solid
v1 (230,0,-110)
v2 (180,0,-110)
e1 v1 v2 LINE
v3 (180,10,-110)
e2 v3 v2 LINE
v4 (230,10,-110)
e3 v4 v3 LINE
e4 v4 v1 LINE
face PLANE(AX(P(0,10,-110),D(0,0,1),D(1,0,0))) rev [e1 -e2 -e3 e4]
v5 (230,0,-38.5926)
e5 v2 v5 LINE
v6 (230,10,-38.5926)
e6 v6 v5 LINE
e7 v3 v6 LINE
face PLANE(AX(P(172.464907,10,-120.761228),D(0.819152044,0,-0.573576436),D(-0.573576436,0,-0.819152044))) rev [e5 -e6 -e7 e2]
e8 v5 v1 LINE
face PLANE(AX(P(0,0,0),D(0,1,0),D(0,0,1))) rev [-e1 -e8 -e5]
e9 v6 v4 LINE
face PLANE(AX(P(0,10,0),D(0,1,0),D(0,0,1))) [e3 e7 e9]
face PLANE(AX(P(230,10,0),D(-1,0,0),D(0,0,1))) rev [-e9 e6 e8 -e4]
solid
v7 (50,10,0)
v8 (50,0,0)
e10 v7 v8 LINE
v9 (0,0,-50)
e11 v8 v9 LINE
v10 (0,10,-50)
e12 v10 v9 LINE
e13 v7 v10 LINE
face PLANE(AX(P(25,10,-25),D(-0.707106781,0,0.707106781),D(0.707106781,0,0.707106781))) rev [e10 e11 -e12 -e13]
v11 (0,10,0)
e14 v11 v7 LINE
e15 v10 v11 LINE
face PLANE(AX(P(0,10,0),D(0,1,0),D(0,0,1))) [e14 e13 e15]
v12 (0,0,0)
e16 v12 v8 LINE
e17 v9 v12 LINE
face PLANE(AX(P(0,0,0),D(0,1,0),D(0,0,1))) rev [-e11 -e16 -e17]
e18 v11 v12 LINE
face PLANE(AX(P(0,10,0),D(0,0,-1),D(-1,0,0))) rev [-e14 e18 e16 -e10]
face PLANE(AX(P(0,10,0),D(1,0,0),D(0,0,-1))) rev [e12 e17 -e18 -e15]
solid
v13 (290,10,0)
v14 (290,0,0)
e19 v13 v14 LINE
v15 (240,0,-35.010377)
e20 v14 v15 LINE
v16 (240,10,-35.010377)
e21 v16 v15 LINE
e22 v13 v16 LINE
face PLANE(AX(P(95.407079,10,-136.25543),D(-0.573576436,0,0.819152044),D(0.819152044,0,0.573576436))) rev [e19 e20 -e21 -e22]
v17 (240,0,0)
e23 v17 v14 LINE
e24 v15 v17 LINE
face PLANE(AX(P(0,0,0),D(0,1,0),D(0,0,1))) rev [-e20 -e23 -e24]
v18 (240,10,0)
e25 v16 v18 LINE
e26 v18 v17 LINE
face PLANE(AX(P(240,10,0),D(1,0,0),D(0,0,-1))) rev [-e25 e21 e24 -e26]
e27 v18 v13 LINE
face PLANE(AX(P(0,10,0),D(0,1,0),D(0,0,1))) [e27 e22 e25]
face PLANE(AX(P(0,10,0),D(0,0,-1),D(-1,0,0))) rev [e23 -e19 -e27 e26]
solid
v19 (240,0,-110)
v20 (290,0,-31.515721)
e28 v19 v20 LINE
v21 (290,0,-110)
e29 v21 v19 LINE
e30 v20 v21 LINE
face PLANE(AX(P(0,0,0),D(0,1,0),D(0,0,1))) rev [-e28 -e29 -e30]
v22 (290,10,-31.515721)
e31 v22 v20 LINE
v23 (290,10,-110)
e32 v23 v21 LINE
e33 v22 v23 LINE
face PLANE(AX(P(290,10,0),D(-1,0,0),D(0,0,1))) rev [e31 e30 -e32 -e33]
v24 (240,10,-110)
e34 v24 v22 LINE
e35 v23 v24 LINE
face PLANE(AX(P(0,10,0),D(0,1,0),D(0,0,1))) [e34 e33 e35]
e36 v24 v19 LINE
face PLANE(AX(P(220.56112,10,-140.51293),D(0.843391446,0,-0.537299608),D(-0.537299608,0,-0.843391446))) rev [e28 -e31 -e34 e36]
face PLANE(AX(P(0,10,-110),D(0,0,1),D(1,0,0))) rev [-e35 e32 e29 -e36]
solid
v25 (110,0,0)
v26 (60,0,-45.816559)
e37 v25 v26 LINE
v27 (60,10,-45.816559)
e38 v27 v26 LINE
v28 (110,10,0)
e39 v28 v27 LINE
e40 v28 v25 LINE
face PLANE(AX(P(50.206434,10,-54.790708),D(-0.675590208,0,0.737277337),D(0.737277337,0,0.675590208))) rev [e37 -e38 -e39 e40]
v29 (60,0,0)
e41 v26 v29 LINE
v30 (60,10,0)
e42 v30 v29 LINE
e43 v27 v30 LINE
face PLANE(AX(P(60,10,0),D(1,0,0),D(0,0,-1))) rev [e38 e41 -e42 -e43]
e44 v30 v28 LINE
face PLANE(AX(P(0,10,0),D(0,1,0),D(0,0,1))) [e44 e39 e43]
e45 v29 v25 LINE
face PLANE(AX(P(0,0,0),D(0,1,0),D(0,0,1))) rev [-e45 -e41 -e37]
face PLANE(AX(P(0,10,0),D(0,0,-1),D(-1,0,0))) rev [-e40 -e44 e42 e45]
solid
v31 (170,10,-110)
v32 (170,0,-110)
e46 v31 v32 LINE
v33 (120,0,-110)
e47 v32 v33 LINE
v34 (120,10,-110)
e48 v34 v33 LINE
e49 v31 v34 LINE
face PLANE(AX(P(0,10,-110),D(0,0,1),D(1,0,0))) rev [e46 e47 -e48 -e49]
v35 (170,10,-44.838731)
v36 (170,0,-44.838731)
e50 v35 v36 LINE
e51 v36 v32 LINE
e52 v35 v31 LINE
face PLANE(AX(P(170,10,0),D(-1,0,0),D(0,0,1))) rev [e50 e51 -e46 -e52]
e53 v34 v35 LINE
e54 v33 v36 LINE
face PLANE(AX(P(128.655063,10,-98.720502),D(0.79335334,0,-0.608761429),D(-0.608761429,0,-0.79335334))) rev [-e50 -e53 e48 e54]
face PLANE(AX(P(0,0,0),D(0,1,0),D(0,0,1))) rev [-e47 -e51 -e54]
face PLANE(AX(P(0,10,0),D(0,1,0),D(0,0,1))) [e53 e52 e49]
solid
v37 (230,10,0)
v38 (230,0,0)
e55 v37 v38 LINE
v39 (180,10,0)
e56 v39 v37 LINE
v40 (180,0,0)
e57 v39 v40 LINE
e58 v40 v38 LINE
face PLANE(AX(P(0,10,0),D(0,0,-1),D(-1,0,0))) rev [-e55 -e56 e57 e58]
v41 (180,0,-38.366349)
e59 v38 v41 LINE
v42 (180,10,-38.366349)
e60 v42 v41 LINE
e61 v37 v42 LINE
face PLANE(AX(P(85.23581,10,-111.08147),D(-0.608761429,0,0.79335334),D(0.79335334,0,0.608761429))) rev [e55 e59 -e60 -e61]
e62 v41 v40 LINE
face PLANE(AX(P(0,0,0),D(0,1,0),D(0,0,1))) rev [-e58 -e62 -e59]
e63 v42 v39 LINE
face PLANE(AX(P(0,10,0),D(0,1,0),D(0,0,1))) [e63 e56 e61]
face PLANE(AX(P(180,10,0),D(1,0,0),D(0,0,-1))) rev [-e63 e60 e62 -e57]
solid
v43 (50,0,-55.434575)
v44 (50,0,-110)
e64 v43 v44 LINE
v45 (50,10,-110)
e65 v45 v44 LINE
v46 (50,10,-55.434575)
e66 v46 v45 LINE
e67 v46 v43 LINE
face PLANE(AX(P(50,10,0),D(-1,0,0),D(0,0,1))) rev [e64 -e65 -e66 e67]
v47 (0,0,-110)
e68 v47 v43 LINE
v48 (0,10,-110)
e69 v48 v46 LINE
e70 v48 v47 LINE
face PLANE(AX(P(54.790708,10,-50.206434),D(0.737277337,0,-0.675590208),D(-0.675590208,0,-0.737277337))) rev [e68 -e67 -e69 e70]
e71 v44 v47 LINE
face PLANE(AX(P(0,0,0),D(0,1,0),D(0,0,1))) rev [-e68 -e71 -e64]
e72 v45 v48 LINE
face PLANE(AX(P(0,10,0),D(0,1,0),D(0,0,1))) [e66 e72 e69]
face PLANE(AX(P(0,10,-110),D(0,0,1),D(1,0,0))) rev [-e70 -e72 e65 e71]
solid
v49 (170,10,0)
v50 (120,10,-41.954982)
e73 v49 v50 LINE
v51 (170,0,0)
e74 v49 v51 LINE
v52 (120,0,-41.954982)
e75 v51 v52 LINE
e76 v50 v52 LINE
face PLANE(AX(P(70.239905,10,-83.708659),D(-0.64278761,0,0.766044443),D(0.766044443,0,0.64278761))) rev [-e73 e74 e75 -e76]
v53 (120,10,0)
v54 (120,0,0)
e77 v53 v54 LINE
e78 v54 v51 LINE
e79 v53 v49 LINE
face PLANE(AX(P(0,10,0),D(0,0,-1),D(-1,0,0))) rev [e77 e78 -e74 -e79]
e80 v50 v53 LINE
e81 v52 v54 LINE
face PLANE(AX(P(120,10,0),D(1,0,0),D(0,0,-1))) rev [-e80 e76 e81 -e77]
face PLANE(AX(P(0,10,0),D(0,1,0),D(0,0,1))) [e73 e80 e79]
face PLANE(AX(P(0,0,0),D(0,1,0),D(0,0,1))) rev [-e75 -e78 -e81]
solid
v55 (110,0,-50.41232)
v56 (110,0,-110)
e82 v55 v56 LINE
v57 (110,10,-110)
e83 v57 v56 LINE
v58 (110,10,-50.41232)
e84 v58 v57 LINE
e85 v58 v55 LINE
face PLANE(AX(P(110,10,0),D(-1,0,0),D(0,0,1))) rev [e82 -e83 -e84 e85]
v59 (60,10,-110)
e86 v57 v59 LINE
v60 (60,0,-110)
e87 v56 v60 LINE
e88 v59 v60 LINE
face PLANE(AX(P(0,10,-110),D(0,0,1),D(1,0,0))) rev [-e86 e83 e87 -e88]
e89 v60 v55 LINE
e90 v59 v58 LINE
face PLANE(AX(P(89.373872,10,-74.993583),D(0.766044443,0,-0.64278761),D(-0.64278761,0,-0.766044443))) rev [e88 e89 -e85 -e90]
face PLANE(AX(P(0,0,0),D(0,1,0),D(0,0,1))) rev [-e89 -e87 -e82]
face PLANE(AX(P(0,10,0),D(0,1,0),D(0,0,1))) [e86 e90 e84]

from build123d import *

# Parameters (mm, degrees)
BOSS_EXTRUDE1_DEPTH    = 10
BOSS_EXTRUDE1_2_DEPTH  = 10
BOSS_EXTRUDE1_3_DEPTH  = 10
BOSS_EXTRUDE1_4_DEPTH  = 10
BOSS_EXTRUDE1_5_DEPTH  = 10
BOSS_EXTRUDE1_6_DEPTH  = 10
BOSS_EXTRUDE1_7_DEPTH  = 10
BOSS_EXTRUDE1_8_DEPTH  = 10
BOSS_EXTRUDE1_9_DEPTH  = 10
BOSS_EXTRUDE1_10_DEPTH = 10


with BuildPart() as part:
    # Sketch1 → Boss-Extrude1 (new body)
    with BuildSketch(Plane(origin=(0, 0, 0), x_dir=(1, 0, 0), z_dir=(0, 1, 0))):
        Polygon((50, 55.434574947), (50, 110), (0, 110), align=None)
    extrude(amount=BOSS_EXTRUDE1_DEPTH)


with BuildPart() as body_2:
    # Sketch1 → Boss-Extrude1 2 (new body)
    with BuildSketch(Plane(origin=(0, 0, 0), x_dir=(1, 0, 0), z_dir=(0, 1, 0))):
        Polygon((110, 50.41232037), (110, 110), (60, 110), align=None)
    extrude(amount=BOSS_EXTRUDE1_2_DEPTH)


with BuildPart() as body_3:
    # Sketch1 → Boss-Extrude1 3 (new body)
    with BuildSketch(Plane(origin=(0, 0, 0), x_dir=(1, 0, 0), z_dir=(0, 1, 0))):
        Polygon((170, 110), (120, 110), (170, 44.838731358), align=None)
    extrude(amount=BOSS_EXTRUDE1_3_DEPTH)


with BuildPart() as body_4:
    # Sketch1 → Boss-Extrude1 4 (new body)
    with BuildSketch(Plane(origin=(0, 0, 0), x_dir=(1, 0, 0), z_dir=(0, 1, 0))):
        Polygon((230, 38.592599663), (230, 110), (180, 110), align=None)
    extrude(amount=BOSS_EXTRUDE1_4_DEPTH)


with BuildPart() as body_5:
    # Sketch1 → Boss-Extrude1 5 (new body)
    with BuildSketch(Plane(origin=(0, 0, 0), x_dir=(1, 0, 0), z_dir=(0, 1, 0))):
        Polygon((290, 31.515721144), (290, 110), (240, 110), align=None)
    extrude(amount=BOSS_EXTRUDE1_5_DEPTH)


with BuildPart() as body_6:
    # Sketch1 → Boss-Extrude1 6 (new body)
    with BuildSketch(Plane(origin=(0, 0, 0), x_dir=(1, 0, 0), z_dir=(0, 1, 0))):
        Polygon((290, 0), (240, 35.01037691), (240, 0), align=None)
    extrude(amount=BOSS_EXTRUDE1_6_DEPTH)


with BuildPart() as body_7:
    # Sketch1 → Boss-Extrude1 7 (new body)
    with BuildSketch(Plane(origin=(0, 0, 0), x_dir=(1, 0, 0), z_dir=(0, 1, 0))):
        Polygon((230, 0), (180, 38.366349399), (180, 0), align=None)
    extrude(amount=BOSS_EXTRUDE1_7_DEPTH)


with BuildPart() as body_8:
    # Sketch1 → Boss-Extrude1 8 (new body)
    with BuildSketch(Plane(origin=(0, 0, 0), x_dir=(1, 0, 0), z_dir=(0, 1, 0))):
        Polygon((170, 0), (120, 41.954981559), (120, 0), align=None)
    extrude(amount=BOSS_EXTRUDE1_8_DEPTH)


with BuildPart() as body_9:
    # Sketch1 → Boss-Extrude1 9 (new body)
    with BuildSketch(Plane(origin=(0, 0, 0), x_dir=(1, 0, 0), z_dir=(0, 1, 0))):
        Polygon((110, 0), (60, 45.816558701), (60, 0), align=None)
    extrude(amount=BOSS_EXTRUDE1_9_DEPTH)


with BuildPart() as body_10:
    # Sketch1 → Boss-Extrude1 10 (new body)
    with BuildSketch(Plane(origin=(0, 0, 0), x_dir=(1, 0, 0), z_dir=(0, 1, 0))):
        Polygon((50, 0), (0, 50), (0, 0), align=None)
    extrude(amount=BOSS_EXTRUDE1_10_DEPTH)


solid = Compound([part.part, body_2.part, body_3.part, body_4.part, body_5.part, body_6.part, body_7.part, body_8.part, body_9.part, body_10.part])
